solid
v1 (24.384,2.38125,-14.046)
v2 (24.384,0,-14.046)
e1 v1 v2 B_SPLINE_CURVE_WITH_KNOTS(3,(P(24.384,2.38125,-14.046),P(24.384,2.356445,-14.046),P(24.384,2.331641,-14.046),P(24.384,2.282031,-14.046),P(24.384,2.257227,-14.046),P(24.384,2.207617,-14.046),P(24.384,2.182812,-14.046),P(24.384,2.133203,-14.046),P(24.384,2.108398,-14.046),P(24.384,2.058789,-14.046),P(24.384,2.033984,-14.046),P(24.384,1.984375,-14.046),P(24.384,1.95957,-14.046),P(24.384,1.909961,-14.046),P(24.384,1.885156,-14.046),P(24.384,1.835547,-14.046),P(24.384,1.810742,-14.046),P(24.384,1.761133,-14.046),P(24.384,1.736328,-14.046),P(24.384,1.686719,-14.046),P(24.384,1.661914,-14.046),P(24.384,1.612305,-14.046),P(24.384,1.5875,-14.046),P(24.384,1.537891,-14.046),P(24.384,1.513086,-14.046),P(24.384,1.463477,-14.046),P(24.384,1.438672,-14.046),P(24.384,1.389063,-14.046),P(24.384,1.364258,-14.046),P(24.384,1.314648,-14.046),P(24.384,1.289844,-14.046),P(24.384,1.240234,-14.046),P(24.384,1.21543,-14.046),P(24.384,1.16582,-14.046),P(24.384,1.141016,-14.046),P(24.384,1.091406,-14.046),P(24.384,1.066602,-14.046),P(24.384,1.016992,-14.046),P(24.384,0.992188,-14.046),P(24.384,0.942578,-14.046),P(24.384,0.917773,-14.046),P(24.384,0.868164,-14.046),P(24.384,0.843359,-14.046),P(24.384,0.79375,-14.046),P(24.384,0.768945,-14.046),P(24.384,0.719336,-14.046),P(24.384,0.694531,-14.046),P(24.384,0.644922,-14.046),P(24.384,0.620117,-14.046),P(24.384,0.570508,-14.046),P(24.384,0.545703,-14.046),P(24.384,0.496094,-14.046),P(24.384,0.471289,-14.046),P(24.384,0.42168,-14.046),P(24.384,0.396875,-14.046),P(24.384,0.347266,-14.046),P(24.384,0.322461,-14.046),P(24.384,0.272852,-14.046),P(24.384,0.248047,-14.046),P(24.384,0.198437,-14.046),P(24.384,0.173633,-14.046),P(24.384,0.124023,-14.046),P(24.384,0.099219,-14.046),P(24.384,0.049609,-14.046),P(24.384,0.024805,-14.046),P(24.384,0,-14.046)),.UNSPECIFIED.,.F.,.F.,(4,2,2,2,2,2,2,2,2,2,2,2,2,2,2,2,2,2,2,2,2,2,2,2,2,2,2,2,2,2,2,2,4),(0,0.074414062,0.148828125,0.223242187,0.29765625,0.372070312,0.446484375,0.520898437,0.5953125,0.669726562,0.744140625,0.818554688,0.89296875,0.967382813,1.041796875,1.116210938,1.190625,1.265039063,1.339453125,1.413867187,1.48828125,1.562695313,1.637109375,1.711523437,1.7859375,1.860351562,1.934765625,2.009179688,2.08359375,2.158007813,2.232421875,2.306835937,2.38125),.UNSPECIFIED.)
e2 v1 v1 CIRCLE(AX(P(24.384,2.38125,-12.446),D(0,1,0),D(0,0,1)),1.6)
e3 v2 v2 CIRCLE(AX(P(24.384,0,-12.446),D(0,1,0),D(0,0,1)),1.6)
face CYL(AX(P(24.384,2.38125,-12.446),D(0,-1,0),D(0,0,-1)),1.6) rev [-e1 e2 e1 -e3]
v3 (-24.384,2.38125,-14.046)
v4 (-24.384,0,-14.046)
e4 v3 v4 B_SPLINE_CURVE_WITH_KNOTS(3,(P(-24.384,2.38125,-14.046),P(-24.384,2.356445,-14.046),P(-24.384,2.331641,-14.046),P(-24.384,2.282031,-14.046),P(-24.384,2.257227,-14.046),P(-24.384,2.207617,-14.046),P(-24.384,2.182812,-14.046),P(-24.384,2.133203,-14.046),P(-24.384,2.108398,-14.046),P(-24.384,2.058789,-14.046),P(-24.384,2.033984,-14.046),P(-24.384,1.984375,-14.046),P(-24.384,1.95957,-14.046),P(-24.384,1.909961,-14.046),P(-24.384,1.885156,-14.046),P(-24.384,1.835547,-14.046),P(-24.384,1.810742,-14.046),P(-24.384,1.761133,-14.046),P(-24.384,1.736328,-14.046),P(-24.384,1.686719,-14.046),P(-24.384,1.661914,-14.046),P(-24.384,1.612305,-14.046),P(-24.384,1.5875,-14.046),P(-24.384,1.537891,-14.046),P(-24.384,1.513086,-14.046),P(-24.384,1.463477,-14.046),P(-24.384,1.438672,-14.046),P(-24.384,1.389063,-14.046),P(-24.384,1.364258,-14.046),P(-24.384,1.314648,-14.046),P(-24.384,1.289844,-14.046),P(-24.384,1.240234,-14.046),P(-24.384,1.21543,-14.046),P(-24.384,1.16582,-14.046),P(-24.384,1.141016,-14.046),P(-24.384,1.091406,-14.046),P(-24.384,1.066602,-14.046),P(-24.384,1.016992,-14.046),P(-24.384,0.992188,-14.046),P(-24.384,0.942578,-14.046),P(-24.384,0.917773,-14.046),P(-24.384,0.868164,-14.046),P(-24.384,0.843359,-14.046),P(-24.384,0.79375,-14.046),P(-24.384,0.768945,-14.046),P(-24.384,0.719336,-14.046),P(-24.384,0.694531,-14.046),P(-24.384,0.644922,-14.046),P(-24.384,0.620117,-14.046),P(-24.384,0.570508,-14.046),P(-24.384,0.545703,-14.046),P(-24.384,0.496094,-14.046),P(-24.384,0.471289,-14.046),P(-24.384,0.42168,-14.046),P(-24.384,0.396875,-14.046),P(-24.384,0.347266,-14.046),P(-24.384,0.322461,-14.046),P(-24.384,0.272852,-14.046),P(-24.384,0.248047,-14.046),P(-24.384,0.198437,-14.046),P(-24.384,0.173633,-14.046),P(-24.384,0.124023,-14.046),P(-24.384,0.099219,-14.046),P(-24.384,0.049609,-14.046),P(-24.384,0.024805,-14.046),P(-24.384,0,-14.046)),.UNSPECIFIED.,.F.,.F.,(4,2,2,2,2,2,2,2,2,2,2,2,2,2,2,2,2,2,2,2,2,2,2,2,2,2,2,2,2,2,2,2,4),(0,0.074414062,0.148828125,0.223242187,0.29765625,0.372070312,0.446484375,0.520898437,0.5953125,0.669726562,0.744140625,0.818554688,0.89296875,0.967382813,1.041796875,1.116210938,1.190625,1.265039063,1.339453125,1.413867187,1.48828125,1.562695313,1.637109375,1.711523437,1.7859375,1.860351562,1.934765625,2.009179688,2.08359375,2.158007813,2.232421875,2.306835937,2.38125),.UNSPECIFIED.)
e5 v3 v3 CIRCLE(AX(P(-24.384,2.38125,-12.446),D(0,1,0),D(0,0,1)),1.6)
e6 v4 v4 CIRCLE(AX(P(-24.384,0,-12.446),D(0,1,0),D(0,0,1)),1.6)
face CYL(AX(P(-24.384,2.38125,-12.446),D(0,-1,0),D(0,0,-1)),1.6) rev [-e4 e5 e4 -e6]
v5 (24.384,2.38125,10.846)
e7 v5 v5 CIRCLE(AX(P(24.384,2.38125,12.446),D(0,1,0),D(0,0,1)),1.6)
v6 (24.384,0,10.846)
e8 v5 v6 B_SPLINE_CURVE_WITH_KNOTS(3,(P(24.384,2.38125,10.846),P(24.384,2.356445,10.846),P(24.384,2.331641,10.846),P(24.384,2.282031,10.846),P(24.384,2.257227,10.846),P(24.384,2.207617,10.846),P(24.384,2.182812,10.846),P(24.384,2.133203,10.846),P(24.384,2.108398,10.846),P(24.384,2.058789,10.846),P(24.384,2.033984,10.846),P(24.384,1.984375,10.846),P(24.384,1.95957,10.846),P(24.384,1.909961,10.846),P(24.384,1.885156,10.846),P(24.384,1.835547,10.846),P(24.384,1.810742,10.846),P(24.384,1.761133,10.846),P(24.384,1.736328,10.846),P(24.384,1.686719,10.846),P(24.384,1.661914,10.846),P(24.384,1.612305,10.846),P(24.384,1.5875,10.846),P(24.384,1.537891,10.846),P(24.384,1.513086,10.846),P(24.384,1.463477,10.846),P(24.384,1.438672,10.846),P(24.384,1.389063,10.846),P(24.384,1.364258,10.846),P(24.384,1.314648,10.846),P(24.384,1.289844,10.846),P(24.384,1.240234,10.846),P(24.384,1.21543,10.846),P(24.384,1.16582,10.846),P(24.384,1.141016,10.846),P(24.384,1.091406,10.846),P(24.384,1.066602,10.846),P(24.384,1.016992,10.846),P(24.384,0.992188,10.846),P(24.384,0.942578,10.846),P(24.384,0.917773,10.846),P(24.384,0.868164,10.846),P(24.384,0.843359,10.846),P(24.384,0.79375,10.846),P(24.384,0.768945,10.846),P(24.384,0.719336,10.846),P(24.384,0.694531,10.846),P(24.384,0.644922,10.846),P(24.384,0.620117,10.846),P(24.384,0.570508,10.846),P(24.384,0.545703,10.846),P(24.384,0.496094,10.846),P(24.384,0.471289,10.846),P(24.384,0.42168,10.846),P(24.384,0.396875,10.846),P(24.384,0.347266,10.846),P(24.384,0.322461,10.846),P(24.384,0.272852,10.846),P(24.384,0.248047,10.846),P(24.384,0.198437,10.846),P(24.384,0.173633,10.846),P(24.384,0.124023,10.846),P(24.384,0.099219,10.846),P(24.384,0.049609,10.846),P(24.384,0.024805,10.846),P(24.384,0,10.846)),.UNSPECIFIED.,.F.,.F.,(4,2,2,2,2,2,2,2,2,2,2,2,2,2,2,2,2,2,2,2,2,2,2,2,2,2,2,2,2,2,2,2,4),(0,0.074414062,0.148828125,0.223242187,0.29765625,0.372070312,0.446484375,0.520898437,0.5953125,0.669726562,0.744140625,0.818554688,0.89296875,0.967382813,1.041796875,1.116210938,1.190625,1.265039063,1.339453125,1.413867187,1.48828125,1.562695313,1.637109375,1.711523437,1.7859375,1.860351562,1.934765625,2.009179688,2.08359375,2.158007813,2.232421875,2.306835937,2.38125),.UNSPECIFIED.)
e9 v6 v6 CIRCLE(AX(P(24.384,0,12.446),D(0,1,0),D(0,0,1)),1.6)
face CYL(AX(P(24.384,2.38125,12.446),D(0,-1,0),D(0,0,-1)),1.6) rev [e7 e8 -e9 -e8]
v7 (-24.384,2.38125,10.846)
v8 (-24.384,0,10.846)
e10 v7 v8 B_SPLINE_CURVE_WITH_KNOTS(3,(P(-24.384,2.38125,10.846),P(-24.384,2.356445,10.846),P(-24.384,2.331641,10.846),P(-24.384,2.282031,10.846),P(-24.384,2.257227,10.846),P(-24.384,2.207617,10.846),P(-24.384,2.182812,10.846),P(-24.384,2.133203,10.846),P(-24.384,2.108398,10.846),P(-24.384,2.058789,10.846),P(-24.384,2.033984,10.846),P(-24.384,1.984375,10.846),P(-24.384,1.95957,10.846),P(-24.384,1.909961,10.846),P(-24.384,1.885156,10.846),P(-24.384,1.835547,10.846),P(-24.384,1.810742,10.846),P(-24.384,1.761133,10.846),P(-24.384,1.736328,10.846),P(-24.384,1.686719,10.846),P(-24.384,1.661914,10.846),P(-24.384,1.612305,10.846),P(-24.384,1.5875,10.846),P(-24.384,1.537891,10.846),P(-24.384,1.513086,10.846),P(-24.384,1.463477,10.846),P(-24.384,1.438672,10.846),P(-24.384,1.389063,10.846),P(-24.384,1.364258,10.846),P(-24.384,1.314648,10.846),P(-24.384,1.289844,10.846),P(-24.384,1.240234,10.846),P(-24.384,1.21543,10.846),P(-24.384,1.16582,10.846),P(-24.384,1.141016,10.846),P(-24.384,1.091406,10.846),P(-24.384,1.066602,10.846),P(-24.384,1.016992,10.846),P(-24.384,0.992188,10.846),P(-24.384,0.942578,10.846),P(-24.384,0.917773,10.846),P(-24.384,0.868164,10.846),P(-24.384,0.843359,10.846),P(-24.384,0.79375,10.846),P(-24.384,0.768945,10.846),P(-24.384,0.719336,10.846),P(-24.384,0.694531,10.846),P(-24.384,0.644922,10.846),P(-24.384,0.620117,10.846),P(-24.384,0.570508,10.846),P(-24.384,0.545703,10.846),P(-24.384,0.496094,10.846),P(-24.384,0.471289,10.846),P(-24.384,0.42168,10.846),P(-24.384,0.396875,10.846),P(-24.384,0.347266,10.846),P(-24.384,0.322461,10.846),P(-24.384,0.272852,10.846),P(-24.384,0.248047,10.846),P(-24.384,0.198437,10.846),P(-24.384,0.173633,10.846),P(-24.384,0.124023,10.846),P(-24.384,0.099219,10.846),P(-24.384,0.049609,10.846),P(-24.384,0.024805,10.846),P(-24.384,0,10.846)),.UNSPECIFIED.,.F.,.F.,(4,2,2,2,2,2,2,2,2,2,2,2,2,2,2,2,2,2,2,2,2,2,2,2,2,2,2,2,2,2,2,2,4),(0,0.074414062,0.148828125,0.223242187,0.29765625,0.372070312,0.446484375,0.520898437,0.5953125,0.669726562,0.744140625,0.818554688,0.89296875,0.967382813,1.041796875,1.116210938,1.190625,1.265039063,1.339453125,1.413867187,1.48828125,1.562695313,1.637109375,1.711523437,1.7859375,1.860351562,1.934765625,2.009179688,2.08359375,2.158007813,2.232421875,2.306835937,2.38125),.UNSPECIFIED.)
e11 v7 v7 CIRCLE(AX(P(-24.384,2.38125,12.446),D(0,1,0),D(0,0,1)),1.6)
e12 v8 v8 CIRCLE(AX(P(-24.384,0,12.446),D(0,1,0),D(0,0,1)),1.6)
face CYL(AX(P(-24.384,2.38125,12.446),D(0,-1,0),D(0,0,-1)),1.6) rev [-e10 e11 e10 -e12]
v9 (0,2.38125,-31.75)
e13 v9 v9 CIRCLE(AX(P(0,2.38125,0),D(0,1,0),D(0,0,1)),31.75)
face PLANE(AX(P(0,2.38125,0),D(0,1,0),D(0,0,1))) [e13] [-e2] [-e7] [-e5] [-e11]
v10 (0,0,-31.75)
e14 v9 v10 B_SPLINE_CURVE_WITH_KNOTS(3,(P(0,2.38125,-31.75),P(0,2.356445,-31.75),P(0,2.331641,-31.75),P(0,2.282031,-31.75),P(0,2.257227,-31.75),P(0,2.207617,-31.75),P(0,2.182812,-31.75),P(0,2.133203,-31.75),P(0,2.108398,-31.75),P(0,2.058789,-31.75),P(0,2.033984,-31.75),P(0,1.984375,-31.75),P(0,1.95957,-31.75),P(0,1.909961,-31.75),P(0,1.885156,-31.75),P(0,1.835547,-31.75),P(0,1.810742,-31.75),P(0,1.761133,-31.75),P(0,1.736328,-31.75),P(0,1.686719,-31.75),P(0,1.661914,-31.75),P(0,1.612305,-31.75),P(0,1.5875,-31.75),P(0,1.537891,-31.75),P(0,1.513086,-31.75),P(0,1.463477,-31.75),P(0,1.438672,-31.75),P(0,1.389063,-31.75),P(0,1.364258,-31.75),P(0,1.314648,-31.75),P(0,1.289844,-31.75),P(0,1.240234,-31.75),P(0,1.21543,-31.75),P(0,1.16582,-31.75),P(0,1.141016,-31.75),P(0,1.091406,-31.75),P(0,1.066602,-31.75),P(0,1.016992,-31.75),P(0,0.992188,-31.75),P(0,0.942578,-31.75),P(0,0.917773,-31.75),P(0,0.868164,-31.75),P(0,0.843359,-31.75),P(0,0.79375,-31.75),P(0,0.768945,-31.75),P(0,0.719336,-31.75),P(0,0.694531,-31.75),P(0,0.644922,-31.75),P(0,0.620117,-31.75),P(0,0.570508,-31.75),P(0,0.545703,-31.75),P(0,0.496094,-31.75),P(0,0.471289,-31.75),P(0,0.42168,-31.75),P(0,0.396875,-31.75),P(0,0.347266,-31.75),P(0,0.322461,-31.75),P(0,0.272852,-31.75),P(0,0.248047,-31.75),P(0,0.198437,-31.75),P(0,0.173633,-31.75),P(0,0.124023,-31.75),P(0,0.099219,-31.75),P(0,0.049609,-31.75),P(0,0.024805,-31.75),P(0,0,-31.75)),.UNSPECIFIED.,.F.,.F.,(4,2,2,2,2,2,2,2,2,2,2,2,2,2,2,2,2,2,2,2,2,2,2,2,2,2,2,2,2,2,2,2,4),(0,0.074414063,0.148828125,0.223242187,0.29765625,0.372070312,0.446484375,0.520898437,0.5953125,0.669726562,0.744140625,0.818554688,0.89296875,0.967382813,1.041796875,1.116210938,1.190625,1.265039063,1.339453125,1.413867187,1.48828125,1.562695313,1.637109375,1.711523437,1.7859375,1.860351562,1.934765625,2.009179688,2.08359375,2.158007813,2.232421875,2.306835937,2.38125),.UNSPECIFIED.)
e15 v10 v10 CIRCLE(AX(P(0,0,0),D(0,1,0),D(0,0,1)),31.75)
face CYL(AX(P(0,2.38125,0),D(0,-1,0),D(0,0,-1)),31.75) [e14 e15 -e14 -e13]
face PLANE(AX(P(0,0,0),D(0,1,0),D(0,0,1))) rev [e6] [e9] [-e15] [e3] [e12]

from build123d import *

# Parameters (mm, degrees)
SKETCH1_R           = 31.75
SKETCH1_R_2         = 1.6
BOSS_EXTRUDE1_DEPTH = 2.38125


with BuildPart() as part:
    # Sketch1 → Boss-Extrude1 (new body)
    with BuildSketch(Plane(origin=(0, 0, 0), x_dir=(1, 0, 0), z_dir=(0, 1, 0))):
        with Locations(Location((0, 0, 0), (0, 0, 90))):
            Circle(SKETCH1_R)
        with Locations(Location((24.384, 12.446, 0), (0, 0, 90))):
            Circle(SKETCH1_R_2, mode=Mode.SUBTRACT)
        with Locations(Location((24.384, -12.446, 0), (0, 0, 90))):
            Circle(SKETCH1_R_2, mode=Mode.SUBTRACT)
        with Locations(Location((-24.384, 12.446, 0), (0, 0, 90))):
            Circle(SKETCH1_R_2, mode=Mode.SUBTRACT)
        with Locations(Location((-24.384, -12.446, 0), (0, 0, 90))):
            Circle(SKETCH1_R_2, mode=Mode.SUBTRACT)
    extrude(amount=BOSS_EXTRUDE1_DEPTH)


solid = part.part
